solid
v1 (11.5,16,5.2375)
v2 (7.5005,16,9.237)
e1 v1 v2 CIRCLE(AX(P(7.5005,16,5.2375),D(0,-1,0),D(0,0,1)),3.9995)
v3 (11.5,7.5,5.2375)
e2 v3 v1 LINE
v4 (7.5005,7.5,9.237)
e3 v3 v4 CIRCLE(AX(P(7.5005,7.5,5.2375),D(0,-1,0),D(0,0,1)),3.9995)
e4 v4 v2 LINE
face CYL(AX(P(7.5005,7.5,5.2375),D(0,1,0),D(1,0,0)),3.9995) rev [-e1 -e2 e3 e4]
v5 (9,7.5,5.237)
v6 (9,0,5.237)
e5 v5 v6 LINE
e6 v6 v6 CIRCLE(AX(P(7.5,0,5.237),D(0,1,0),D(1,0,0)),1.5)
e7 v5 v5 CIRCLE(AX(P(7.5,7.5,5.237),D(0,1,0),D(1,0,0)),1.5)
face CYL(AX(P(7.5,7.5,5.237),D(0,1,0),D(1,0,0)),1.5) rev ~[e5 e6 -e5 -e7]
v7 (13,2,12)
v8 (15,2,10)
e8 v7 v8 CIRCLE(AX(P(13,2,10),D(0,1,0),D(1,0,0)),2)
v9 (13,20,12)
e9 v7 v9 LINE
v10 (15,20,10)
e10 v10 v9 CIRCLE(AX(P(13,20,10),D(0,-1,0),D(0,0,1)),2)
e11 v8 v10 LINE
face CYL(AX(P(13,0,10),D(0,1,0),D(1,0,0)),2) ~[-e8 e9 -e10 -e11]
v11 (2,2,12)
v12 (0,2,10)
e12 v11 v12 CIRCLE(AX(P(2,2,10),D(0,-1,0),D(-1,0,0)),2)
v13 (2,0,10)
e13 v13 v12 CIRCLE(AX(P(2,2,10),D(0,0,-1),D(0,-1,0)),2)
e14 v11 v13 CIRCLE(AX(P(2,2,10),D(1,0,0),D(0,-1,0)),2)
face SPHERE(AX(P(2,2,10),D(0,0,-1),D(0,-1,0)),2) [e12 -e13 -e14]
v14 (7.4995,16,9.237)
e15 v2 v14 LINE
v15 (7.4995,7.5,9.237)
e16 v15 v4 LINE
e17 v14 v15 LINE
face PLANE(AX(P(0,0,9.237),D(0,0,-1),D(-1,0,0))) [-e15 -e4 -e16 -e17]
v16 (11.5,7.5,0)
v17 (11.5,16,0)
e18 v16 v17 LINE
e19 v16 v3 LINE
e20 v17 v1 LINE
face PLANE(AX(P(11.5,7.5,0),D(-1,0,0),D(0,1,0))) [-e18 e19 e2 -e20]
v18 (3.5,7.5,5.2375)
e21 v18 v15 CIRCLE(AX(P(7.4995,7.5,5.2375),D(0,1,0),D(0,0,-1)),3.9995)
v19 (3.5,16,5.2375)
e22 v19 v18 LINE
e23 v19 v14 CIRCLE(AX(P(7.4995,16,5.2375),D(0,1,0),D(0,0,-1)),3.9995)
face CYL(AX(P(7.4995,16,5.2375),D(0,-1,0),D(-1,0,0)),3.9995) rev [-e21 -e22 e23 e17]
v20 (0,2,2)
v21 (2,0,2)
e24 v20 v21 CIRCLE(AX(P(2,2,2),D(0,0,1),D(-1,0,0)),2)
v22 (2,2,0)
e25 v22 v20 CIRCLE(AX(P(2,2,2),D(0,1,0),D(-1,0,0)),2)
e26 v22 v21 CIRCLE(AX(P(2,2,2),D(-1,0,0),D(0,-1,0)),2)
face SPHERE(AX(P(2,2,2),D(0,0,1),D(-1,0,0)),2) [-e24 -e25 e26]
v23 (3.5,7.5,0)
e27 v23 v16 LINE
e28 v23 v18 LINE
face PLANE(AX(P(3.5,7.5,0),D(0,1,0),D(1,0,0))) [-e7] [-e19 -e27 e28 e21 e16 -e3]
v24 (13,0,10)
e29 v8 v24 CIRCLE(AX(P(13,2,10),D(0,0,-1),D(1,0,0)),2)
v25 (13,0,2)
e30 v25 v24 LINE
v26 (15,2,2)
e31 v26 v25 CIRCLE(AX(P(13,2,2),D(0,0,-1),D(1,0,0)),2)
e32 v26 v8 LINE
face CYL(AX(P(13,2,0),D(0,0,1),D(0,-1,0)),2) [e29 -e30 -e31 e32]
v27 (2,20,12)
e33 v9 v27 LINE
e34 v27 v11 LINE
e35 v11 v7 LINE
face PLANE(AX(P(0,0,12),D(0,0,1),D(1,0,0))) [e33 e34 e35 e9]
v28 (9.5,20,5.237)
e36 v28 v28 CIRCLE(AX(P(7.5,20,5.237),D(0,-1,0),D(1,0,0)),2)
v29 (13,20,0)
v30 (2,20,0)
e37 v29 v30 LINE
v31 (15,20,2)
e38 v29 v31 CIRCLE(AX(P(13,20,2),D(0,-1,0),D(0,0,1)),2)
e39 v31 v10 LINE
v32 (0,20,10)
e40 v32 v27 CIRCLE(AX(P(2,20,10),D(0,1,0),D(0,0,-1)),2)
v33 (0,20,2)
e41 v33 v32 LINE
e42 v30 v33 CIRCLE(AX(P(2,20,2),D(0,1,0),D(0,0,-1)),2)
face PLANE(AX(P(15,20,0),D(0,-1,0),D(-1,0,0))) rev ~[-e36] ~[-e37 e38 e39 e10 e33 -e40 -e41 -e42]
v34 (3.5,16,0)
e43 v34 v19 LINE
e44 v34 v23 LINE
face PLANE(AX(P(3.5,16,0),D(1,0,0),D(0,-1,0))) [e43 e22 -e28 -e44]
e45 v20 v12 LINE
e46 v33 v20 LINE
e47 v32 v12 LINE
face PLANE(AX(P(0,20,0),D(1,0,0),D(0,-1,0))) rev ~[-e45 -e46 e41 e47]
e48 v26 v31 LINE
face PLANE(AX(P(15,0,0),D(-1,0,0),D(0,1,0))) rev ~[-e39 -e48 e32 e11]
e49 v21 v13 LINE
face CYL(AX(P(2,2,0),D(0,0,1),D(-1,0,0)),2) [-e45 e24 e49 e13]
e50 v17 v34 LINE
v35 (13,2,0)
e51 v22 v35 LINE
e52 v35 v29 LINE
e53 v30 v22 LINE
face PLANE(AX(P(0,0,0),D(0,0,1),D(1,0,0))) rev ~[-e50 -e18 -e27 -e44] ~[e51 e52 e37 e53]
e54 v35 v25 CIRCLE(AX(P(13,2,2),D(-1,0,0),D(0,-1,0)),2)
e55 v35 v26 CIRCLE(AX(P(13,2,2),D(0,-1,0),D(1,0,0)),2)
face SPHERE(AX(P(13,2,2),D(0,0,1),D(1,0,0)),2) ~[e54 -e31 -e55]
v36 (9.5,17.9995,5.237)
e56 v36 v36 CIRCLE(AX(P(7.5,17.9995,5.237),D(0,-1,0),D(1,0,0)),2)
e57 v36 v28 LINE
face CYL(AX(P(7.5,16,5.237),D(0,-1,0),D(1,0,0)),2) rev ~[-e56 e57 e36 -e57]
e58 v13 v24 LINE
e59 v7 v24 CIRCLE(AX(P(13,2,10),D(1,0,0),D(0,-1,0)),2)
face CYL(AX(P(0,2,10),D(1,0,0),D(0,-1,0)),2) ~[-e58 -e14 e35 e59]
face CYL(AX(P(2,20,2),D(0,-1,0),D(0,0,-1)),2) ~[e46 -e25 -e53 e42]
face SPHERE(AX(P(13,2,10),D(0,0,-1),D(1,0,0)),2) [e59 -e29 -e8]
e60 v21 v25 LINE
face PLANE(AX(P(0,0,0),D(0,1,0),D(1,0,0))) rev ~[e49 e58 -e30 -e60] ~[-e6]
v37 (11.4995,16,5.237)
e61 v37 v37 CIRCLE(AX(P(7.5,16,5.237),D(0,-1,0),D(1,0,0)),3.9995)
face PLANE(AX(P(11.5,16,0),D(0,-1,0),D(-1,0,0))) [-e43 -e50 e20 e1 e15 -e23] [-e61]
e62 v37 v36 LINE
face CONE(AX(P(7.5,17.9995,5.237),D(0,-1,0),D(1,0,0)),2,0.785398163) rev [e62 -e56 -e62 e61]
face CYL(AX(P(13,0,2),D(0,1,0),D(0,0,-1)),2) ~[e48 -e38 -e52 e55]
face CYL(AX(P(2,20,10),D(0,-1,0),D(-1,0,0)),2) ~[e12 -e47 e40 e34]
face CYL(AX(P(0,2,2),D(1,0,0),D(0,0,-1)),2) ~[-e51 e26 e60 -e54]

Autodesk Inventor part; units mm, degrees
ref_plane "YZ Plane" through (0, 0, 0) normal (1, 0, 0) x (0, 1, 0)
ref_plane "XZ Plane" through (0, 0, 0) normal (0, 1, 0) x (-1, 0, 0)
ref_plane "XY Plane" through (0, 0, 0) normal (0, 0, 1) x (1, 0, 0)
sketch "Sketch1" plane through (0, 0, 0) normal (0, 0, 1) x (1, 0, 0)
  line L0 (0, 0) -> (15, 0)
  line L1 (15, 0) -> (15, 20)
  line L2 (15, 20) -> (0, 20)
  line L3 (0, 20) -> (0, 0)
  dimension "d0" = 15
  dimension "d1" = 20
extrude "Extrusion1" add sketch "Sketch1" along normal blind 12
sketch "Sketch5" plane through (0, 0, 0) normal (0, 0, -1) x (-1, 0, 0)
  line L0 (0, 20) -> (0, 0) projected
  line L1 (-15, 20) -> (0, 20) projected
  line L2 (-11.5, 16) -> (-3.5, 16)
  line L3 (-3.5, 16) -> (-3.5, 7.5)
  line L4 (-3.5, 7.5) -> (-11.5, 7.5)
  line L5 (-11.5, 7.5) -> (-11.5, 16)
  dimension "d15" = 8
  dimension "d16" = 8.5
  dimension "d17" = 4
  dimension "d18" = 3.5
extrude "Extrusion4" cut sketch "Sketch5" against normal blind 9.237
fillet "Fillet1" radius 4 2 edges at (11.5, 11.75, 9.237) (3.5, 11.75, 9.237)
sketch "Sketch6" plane through (3.5, 16, 0) normal (0, -1, 0) x (1, 0, 0)
  arc A0 (8, 5.237) -> (0, 5.237) centre (4, 5.237) ccw projected
  circle A1 centre (4, 5.237) radius 2
  point P0 (-3.5, 0)
  dimension "d22" = 4
extrude "Extrusion5" cut sketch "Sketch6" against normal up to surface (4 mm away)
chamfer "Chamfer1" distance 2 angle 45 1 edges at (5.5, 16, 5.237)
sketch "Sketch7" plane through (3.5, 7.5, 0) normal (0, 1, 0) x (1, 0, 0)
  arc A0 (0, -5.237) -> (8, -5.237) centre (4, -5.237) ccw projected
  circle A1 centre (4, -5.237) radius 1.5
  point P0 (-3.5, 0)
  dimension "d28" = 3
extrude "Extrusion6" cut sketch "Sketch7" against normal up to surface (7.5 mm away)
fillet "Fillet2" radius 2 8 edges at (15, 0, 6) (0, 0, 6) (15, 10, 0) (15, 10, 12) (0, 10, 0) (7.5, 0, 0) (7.5, 0, 12) (0, 10, 12)
properties part number "PanelLedge" material "ABS Plastic"
